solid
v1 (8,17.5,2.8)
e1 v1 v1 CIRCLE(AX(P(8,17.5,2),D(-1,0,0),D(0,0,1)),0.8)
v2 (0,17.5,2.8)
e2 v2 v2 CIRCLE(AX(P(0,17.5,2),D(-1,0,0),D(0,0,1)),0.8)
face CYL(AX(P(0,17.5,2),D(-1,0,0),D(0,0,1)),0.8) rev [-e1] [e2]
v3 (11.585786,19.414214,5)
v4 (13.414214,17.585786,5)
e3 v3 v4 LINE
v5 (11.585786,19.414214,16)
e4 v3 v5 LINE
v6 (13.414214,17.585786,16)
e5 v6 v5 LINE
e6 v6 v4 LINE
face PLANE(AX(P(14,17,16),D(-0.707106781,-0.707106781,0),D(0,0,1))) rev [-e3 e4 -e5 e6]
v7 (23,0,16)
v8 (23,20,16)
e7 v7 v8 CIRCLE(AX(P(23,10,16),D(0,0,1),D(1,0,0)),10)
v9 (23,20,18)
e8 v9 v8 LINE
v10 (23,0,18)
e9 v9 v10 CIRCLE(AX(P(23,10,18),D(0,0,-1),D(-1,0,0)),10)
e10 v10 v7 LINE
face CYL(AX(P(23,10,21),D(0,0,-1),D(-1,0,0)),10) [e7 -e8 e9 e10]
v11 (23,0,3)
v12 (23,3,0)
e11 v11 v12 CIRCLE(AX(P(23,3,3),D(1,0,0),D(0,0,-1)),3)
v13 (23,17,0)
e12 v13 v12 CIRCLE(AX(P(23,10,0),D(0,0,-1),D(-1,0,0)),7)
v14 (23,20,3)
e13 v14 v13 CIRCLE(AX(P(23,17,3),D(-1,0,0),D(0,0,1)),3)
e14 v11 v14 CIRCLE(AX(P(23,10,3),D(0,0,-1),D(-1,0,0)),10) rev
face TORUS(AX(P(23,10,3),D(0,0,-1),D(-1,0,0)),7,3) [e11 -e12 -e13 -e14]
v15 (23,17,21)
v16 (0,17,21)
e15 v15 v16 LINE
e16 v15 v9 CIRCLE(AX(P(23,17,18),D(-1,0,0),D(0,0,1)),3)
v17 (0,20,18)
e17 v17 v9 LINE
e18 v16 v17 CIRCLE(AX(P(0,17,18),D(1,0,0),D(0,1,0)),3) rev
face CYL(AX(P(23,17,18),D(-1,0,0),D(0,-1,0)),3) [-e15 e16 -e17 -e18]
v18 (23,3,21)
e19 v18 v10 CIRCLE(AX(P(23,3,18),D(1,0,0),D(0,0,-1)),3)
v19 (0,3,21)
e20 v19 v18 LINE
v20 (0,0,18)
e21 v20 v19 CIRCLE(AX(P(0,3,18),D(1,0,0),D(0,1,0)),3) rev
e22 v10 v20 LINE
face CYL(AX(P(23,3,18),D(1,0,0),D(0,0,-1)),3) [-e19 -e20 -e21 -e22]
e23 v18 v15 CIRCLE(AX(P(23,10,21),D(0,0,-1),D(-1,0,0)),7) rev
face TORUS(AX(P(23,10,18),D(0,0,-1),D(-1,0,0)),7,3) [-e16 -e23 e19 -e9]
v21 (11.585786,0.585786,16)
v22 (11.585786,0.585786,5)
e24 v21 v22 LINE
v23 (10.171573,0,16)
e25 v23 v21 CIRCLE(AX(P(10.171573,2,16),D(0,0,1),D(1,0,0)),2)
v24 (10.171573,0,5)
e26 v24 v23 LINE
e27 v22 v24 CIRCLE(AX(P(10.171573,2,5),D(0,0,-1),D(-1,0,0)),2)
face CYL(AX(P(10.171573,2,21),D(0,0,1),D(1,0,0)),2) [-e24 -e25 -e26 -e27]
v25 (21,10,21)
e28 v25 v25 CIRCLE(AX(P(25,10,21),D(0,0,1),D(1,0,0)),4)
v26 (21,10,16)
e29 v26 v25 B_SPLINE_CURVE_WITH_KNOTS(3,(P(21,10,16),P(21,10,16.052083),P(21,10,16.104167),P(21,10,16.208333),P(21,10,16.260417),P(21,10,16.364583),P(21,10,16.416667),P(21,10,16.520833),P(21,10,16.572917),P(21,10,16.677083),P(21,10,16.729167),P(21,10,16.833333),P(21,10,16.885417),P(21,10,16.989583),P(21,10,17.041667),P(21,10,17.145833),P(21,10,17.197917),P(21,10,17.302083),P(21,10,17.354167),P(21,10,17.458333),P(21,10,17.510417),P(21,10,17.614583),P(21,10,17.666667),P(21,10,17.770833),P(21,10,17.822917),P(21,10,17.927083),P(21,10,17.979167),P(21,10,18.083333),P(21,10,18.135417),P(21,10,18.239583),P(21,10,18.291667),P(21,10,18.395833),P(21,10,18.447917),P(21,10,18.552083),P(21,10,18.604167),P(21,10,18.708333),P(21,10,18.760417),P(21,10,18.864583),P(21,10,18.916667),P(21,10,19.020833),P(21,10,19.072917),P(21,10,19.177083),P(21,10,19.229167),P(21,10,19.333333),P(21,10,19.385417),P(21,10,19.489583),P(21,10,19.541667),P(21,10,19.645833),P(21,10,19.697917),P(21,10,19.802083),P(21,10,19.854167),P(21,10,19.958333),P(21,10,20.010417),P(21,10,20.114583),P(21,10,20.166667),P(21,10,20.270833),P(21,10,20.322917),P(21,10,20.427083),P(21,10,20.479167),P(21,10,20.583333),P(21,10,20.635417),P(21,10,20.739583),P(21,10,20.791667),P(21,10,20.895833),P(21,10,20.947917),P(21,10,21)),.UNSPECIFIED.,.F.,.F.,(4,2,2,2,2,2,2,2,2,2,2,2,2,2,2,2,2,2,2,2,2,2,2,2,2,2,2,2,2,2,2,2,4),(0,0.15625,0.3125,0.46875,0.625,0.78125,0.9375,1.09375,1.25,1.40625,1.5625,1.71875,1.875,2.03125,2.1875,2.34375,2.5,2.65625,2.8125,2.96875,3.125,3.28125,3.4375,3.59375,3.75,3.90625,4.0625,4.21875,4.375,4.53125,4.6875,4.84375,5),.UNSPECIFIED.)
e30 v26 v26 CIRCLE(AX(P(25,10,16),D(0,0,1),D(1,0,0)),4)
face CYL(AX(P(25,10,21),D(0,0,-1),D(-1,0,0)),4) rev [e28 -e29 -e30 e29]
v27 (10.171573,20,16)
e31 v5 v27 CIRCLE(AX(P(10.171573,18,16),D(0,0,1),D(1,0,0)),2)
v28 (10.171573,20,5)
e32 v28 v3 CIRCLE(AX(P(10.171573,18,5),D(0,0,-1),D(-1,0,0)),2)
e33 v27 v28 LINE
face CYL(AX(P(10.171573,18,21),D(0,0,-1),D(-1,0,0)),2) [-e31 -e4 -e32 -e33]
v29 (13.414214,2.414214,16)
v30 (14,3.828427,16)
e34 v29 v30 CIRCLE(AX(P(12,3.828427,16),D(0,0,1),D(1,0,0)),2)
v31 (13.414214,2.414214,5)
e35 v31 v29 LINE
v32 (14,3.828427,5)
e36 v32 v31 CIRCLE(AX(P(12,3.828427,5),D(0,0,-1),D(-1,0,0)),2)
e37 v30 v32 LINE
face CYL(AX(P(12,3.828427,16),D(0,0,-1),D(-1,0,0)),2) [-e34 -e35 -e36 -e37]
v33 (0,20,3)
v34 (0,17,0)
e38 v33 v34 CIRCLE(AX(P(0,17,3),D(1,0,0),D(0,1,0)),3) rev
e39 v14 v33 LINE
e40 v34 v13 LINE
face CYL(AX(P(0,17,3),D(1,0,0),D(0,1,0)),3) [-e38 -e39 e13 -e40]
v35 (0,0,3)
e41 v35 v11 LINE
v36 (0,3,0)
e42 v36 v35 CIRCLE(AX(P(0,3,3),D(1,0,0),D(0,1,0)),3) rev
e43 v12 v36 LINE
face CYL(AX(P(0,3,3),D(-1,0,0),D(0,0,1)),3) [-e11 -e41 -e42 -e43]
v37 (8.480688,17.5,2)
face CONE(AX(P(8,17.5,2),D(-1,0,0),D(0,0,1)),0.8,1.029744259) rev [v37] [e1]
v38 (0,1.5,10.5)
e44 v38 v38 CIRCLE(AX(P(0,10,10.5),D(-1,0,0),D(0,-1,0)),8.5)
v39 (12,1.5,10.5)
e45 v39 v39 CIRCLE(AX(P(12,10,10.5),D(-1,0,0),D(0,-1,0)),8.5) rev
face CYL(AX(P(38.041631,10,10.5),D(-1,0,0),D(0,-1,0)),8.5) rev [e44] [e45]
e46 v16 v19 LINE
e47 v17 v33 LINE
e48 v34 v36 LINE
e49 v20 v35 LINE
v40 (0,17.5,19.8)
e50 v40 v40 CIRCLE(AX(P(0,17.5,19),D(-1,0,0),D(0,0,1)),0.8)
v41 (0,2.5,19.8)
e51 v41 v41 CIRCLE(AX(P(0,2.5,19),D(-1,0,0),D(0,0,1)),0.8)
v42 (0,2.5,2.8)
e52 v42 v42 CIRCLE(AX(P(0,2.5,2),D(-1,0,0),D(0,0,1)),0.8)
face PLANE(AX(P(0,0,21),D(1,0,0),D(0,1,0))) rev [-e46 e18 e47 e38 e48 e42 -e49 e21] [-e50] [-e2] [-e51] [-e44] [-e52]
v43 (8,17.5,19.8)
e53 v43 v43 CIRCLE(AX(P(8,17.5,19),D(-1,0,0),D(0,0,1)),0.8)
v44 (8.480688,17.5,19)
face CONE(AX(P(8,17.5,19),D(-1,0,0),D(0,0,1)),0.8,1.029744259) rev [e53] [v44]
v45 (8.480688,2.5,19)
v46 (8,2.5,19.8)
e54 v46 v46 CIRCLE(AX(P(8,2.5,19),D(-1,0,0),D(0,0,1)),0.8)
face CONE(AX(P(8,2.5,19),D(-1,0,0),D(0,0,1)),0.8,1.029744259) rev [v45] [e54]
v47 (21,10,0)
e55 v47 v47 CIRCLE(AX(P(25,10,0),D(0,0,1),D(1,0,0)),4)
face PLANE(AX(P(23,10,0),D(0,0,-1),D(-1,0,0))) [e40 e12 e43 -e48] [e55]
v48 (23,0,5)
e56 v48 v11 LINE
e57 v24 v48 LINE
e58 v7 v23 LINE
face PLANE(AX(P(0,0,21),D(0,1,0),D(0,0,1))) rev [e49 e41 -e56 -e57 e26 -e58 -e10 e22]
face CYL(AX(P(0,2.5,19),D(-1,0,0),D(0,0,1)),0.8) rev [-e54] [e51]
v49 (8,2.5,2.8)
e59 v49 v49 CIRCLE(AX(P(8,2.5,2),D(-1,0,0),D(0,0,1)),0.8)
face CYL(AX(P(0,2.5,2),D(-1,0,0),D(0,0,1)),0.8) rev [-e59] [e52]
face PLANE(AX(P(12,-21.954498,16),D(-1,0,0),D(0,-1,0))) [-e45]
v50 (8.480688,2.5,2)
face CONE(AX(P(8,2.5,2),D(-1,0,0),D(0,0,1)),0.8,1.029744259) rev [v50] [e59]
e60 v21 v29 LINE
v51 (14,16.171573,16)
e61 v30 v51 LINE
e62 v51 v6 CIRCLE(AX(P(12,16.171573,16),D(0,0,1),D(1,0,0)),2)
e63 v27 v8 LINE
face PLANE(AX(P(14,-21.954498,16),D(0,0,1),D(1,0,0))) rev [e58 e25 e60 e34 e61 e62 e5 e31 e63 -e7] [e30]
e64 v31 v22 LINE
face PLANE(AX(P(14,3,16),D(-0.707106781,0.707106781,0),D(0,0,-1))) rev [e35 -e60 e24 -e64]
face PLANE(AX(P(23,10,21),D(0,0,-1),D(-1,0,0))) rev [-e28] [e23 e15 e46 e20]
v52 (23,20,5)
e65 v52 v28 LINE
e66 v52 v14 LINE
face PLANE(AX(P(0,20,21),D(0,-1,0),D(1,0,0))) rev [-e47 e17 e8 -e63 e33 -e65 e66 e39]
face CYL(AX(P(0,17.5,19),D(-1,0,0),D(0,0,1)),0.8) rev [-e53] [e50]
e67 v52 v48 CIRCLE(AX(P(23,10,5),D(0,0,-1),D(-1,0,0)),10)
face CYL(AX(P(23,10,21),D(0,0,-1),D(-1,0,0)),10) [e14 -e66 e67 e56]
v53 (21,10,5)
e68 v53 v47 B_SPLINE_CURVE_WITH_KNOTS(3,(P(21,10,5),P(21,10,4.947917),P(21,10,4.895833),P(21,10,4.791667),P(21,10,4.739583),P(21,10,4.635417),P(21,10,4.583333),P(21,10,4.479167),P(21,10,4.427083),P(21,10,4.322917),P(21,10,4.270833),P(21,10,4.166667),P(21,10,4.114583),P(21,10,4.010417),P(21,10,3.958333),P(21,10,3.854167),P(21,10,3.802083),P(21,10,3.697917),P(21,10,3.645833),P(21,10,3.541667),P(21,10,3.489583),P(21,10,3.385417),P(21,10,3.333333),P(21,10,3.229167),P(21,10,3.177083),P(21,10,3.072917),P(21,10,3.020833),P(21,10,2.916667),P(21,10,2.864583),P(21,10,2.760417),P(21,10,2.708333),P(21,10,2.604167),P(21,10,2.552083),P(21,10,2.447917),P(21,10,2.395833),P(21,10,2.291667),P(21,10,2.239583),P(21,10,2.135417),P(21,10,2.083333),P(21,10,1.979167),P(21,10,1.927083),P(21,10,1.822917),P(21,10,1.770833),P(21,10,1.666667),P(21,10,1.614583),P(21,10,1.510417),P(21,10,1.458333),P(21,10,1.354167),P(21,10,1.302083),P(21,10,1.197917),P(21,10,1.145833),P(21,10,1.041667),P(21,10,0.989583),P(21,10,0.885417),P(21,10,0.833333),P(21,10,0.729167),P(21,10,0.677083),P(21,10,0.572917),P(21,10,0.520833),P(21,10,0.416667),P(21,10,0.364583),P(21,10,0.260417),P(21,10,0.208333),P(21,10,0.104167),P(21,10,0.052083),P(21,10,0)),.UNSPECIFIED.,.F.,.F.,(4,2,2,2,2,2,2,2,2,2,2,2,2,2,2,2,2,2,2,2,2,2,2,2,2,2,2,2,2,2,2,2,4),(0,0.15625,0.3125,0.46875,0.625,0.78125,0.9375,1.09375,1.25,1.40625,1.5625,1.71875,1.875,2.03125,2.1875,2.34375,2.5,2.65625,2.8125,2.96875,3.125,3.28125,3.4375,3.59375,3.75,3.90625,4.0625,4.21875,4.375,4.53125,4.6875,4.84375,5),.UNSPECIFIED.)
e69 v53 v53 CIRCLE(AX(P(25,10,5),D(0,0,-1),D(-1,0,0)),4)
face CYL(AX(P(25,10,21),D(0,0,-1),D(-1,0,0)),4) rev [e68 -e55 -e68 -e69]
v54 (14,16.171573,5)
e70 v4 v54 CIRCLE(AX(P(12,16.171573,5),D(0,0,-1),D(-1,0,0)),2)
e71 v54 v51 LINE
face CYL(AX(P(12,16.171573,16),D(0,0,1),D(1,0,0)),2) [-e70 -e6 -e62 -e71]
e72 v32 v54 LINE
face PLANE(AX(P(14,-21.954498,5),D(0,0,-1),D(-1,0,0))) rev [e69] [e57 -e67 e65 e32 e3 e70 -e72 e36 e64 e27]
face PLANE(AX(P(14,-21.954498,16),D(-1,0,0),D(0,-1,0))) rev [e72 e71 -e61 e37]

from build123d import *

# Parameters (mm, degrees)
SKETCH1_R                 = 4
BOSS_EXTRUDE1_DEPTH       = 21
SKETCH2_W                 = 19
SKETCH2_H                 = 11
CUT_EXTRUDE1_DEPTH        = 20
SKETCH3_R                 = 8.5
CUT_EXTRUDE2_DEPTH        = 12
M2X0_4_TAPPED_HOLE1_D     = 1.6
M2X0_4_TAPPED_HOLE1_DEPTH = 8
M2X0_4_TAPPED_HOLE1_TIP   = 0.480688495
FILLET2_R                 = 3
CHAMFER1_SIZE             = 3
FILLET3_R                 = 2


with BuildPart() as part:
    # Sketch1 → Boss-Extrude1 (new body)
    with BuildSketch(Plane.XY):
        with BuildLine():
            Line((0, 0), (0, 20))
            Line((0, 20), (23, 20))
            ThreePointArc((23, 20), (33, 10), (23, 0))
            Line((23, 0), (0, 0))
        make_face()
        with Locations(Location((25, 10, 0), (0, 0, 180))):
            Circle(SKETCH1_R, mode=Mode.SUBTRACT)
    extrude(amount=BOSS_EXTRUDE1_DEPTH)

    # Sketch2 → Cut-Extrude1 (cut)
    with BuildSketch(Plane(origin=(0, 20, 0), x_dir=(1, 0, 0), z_dir=(0, 1, 0))):
        with Locations((23.5, -10.5)):
            Rectangle(SKETCH2_W, SKETCH2_H)
    extrude(amount=-CUT_EXTRUDE1_DEPTH, mode=Mode.SUBTRACT)

    # Sketch3 → Cut-Extrude2 (cut)
    with BuildSketch(Plane.ZY):
        with Locations(Location((10.5, 10, 0), (0, 0, 270))):
            Circle(SKETCH3_R)
    extrude(amount=-CUT_EXTRUDE2_DEPTH, mode=Mode.SUBTRACT)

    # M2x0.4 Tapped Hole1
    with Locations(Plane.ZY):
        with Locations((2, 17.5), (19, 17.5), (19, 2.5), (2, 2.5)):
            Hole(M2X0_4_TAPPED_HOLE1_D / 2, depth=M2X0_4_TAPPED_HOLE1_DEPTH)
            with Locations((0, 0, -(M2X0_4_TAPPED_HOLE1_DEPTH + M2X0_4_TAPPED_HOLE1_TIP / 2))):  # 118° drill point
                Cone(0, M2X0_4_TAPPED_HOLE1_D / 2, M2X0_4_TAPPED_HOLE1_TIP, mode=Mode.SUBTRACT)

    # Fillet2
    fillet2_edges = [part.edges().sort_by_distance(p)[0] for p in [
        (11.5, 20, 21),
        (11.5, 0, 21),
        (11.5, 20, 0),
        (33, 10, 0),
        (11.5, 0, 0),
        (33, 10, 21),
    ]]
    fillet(fillet2_edges, radius=FILLET2_R)

    # Chamfer1
    chamfer1_edges = [part.edges().sort_by_distance(p)[0] for p in [
        (14, 0, 10.5),
        (14, 20, 10.5),
    ]]
    chamfer(chamfer1_edges, length=CHAMFER1_SIZE)

    # Fillet3
    fillet3_edges = [part.edges().sort_by_distance(p)[0] for p in [
        (14, 17, 10.5),
        (14, 3, 10.5),
        (11, 0, 10.5),
        (11, 20, 10.5),
    ]]
    fillet(fillet3_edges, radius=FILLET3_R)


solid = part.part
